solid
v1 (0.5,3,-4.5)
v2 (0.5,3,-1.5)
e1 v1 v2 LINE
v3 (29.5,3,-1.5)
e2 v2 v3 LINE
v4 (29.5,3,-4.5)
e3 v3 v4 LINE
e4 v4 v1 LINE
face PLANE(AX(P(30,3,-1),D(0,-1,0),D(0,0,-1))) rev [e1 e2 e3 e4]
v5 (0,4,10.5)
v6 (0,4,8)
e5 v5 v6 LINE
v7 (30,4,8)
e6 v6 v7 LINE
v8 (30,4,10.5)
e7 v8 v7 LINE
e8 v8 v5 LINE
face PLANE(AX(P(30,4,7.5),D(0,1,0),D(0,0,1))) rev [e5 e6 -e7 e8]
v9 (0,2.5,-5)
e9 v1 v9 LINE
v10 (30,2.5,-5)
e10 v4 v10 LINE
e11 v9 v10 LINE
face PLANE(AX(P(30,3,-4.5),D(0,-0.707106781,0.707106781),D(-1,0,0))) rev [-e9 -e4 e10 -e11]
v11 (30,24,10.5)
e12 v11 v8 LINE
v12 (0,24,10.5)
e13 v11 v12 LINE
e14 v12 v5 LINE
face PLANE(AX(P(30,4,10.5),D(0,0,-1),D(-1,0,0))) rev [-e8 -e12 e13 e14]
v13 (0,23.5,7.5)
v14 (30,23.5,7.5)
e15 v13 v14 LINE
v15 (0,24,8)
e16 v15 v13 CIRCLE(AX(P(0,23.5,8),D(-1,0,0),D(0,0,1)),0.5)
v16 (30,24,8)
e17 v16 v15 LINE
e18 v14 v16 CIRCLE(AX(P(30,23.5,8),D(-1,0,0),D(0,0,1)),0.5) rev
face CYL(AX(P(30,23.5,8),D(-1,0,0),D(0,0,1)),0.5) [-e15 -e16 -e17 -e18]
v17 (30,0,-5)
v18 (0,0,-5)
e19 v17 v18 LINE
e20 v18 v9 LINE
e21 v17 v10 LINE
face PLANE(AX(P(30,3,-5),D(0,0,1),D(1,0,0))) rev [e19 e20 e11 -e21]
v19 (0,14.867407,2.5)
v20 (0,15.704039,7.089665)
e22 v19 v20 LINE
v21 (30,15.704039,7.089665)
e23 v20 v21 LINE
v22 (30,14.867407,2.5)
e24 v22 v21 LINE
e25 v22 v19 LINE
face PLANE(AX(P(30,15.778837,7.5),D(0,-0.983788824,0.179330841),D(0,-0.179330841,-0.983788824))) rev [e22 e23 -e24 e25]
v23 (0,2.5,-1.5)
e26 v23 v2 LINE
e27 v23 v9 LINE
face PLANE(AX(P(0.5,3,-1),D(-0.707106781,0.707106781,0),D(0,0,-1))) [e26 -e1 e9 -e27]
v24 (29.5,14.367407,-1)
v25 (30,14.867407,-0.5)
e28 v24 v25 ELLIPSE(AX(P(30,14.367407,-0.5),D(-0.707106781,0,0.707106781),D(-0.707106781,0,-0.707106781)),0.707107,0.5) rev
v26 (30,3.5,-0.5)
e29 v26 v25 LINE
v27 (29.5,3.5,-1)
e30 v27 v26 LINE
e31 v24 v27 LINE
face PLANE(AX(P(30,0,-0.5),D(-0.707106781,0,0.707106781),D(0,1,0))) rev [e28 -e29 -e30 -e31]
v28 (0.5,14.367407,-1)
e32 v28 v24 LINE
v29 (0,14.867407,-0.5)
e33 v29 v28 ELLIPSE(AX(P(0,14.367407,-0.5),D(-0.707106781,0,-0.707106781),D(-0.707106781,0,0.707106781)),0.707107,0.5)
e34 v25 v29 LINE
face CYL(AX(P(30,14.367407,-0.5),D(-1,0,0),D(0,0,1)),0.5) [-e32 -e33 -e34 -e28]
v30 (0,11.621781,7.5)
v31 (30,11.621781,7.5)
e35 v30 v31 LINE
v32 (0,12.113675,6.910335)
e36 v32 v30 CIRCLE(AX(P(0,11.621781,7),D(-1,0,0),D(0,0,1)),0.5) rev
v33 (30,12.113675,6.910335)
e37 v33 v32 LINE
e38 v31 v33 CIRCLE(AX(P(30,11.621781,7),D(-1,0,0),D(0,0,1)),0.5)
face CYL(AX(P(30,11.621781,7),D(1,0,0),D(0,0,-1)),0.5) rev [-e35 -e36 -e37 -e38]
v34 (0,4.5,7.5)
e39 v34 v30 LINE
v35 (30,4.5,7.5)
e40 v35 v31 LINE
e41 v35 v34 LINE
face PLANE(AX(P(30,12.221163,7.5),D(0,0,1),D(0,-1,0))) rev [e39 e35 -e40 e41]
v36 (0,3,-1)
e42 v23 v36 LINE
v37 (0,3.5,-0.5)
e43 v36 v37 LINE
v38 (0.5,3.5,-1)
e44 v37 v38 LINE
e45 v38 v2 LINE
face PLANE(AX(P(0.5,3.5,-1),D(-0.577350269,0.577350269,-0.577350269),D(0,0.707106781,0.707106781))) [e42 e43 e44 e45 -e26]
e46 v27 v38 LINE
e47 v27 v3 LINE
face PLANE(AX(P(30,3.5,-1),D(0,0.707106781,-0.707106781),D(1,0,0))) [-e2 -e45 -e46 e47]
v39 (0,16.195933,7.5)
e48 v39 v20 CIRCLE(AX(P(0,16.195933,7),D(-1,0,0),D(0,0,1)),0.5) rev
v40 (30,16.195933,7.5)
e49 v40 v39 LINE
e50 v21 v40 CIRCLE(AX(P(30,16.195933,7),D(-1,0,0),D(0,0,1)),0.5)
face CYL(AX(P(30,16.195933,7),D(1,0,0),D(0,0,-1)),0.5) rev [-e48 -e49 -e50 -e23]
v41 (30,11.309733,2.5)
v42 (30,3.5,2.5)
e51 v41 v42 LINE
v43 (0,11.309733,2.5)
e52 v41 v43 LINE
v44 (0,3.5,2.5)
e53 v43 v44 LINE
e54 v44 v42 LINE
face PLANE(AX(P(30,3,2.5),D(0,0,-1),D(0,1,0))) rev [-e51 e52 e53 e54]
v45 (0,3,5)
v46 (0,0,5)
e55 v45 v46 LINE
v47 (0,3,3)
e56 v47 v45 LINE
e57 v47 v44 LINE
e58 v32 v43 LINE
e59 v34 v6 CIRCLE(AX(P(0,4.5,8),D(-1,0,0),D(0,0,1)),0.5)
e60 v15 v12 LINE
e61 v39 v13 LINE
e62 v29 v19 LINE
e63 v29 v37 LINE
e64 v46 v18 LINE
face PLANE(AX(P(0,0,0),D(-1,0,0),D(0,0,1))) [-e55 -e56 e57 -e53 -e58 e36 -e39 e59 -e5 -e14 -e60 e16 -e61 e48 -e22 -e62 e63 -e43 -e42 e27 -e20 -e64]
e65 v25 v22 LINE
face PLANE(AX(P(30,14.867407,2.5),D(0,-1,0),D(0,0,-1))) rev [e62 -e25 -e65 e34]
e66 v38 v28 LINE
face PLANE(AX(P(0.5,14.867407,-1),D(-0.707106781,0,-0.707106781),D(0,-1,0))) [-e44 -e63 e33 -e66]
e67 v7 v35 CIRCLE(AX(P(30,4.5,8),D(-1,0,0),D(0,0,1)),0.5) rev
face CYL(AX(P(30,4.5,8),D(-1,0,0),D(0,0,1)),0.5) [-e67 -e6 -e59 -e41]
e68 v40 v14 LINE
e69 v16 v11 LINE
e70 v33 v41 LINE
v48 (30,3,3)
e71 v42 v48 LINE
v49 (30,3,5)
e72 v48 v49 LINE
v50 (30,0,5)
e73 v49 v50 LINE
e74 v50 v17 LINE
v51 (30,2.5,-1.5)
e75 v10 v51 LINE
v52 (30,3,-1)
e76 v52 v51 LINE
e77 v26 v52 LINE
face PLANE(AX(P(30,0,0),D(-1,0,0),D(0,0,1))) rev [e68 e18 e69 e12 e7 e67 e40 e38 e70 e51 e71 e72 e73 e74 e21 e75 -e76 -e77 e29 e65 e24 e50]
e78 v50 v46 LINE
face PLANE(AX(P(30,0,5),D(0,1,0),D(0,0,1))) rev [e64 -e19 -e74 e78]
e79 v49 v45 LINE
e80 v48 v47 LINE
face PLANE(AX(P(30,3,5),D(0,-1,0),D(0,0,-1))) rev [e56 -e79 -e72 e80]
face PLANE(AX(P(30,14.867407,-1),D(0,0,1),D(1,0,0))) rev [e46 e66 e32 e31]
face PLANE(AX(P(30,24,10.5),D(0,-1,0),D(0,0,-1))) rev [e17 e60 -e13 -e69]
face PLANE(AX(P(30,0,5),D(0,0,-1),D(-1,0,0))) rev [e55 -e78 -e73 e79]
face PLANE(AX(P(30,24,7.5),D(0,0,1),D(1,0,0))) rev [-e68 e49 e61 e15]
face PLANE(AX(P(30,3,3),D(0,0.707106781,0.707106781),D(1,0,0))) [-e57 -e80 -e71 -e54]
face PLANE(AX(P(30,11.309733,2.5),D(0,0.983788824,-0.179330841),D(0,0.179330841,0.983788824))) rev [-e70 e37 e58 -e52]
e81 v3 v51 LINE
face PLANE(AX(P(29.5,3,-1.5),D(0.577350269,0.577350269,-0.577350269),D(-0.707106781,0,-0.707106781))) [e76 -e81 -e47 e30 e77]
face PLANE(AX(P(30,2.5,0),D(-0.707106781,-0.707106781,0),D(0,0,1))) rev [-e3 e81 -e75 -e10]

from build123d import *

# Parameters (mm, degrees)
BOSS_EXTRUDE1_DEPTH = 30
CHAMFER1_SIZE       = 0.5
FILLET1_R           = 0.5


with BuildPart() as part:
    # Sketch1 → Boss-Extrude1 (new body)
    with BuildSketch(Plane(origin=(0, 0, 0), x_dir=(0, 0, -1), z_dir=(1, 0, 0))):
        Polygon((-5, 0), (-5, 3), (-2.5, 3), (-2.5, 11.309733412), (-7.5, 12.221162959), (-7.5, 4), (-10.5, 4), (-10.5, 24), (-7.5, 24), (-7.5, 15.778837041), (-2.5, 14.867407493), (1, 14.867407493), (1, 3), (5, 3), (5, 0), align=None)
    extrude(amount=BOSS_EXTRUDE1_DEPTH)

    # Chamfer1
    chamfer1_edges = [part.edges().sort_by_distance(p)[0] for p in [
        (15, 3, 2.5),
        (0, 3, -3),
        (30, 8.933703747, -1),
        (0, 8.933703747, -1),
        (15, 3, -5),
        (30, 3, -3),
        (15, 3, -1),
    ]]
    chamfer(chamfer1_edges, length=CHAMFER1_SIZE)

    # Fillet1
    fillet1_edges = [part.edges().sort_by_distance(p)[0] for p in [
        (15, 4, 7.5),
        (15, 24, 7.5),
        (15, 12.221162959, 7.5),
        (15, 15.778837041, 7.5),
        (15, 14.867407493, -1),
    ]]
    fillet(fillet1_edges, radius=FILLET1_R)


solid = part.part
